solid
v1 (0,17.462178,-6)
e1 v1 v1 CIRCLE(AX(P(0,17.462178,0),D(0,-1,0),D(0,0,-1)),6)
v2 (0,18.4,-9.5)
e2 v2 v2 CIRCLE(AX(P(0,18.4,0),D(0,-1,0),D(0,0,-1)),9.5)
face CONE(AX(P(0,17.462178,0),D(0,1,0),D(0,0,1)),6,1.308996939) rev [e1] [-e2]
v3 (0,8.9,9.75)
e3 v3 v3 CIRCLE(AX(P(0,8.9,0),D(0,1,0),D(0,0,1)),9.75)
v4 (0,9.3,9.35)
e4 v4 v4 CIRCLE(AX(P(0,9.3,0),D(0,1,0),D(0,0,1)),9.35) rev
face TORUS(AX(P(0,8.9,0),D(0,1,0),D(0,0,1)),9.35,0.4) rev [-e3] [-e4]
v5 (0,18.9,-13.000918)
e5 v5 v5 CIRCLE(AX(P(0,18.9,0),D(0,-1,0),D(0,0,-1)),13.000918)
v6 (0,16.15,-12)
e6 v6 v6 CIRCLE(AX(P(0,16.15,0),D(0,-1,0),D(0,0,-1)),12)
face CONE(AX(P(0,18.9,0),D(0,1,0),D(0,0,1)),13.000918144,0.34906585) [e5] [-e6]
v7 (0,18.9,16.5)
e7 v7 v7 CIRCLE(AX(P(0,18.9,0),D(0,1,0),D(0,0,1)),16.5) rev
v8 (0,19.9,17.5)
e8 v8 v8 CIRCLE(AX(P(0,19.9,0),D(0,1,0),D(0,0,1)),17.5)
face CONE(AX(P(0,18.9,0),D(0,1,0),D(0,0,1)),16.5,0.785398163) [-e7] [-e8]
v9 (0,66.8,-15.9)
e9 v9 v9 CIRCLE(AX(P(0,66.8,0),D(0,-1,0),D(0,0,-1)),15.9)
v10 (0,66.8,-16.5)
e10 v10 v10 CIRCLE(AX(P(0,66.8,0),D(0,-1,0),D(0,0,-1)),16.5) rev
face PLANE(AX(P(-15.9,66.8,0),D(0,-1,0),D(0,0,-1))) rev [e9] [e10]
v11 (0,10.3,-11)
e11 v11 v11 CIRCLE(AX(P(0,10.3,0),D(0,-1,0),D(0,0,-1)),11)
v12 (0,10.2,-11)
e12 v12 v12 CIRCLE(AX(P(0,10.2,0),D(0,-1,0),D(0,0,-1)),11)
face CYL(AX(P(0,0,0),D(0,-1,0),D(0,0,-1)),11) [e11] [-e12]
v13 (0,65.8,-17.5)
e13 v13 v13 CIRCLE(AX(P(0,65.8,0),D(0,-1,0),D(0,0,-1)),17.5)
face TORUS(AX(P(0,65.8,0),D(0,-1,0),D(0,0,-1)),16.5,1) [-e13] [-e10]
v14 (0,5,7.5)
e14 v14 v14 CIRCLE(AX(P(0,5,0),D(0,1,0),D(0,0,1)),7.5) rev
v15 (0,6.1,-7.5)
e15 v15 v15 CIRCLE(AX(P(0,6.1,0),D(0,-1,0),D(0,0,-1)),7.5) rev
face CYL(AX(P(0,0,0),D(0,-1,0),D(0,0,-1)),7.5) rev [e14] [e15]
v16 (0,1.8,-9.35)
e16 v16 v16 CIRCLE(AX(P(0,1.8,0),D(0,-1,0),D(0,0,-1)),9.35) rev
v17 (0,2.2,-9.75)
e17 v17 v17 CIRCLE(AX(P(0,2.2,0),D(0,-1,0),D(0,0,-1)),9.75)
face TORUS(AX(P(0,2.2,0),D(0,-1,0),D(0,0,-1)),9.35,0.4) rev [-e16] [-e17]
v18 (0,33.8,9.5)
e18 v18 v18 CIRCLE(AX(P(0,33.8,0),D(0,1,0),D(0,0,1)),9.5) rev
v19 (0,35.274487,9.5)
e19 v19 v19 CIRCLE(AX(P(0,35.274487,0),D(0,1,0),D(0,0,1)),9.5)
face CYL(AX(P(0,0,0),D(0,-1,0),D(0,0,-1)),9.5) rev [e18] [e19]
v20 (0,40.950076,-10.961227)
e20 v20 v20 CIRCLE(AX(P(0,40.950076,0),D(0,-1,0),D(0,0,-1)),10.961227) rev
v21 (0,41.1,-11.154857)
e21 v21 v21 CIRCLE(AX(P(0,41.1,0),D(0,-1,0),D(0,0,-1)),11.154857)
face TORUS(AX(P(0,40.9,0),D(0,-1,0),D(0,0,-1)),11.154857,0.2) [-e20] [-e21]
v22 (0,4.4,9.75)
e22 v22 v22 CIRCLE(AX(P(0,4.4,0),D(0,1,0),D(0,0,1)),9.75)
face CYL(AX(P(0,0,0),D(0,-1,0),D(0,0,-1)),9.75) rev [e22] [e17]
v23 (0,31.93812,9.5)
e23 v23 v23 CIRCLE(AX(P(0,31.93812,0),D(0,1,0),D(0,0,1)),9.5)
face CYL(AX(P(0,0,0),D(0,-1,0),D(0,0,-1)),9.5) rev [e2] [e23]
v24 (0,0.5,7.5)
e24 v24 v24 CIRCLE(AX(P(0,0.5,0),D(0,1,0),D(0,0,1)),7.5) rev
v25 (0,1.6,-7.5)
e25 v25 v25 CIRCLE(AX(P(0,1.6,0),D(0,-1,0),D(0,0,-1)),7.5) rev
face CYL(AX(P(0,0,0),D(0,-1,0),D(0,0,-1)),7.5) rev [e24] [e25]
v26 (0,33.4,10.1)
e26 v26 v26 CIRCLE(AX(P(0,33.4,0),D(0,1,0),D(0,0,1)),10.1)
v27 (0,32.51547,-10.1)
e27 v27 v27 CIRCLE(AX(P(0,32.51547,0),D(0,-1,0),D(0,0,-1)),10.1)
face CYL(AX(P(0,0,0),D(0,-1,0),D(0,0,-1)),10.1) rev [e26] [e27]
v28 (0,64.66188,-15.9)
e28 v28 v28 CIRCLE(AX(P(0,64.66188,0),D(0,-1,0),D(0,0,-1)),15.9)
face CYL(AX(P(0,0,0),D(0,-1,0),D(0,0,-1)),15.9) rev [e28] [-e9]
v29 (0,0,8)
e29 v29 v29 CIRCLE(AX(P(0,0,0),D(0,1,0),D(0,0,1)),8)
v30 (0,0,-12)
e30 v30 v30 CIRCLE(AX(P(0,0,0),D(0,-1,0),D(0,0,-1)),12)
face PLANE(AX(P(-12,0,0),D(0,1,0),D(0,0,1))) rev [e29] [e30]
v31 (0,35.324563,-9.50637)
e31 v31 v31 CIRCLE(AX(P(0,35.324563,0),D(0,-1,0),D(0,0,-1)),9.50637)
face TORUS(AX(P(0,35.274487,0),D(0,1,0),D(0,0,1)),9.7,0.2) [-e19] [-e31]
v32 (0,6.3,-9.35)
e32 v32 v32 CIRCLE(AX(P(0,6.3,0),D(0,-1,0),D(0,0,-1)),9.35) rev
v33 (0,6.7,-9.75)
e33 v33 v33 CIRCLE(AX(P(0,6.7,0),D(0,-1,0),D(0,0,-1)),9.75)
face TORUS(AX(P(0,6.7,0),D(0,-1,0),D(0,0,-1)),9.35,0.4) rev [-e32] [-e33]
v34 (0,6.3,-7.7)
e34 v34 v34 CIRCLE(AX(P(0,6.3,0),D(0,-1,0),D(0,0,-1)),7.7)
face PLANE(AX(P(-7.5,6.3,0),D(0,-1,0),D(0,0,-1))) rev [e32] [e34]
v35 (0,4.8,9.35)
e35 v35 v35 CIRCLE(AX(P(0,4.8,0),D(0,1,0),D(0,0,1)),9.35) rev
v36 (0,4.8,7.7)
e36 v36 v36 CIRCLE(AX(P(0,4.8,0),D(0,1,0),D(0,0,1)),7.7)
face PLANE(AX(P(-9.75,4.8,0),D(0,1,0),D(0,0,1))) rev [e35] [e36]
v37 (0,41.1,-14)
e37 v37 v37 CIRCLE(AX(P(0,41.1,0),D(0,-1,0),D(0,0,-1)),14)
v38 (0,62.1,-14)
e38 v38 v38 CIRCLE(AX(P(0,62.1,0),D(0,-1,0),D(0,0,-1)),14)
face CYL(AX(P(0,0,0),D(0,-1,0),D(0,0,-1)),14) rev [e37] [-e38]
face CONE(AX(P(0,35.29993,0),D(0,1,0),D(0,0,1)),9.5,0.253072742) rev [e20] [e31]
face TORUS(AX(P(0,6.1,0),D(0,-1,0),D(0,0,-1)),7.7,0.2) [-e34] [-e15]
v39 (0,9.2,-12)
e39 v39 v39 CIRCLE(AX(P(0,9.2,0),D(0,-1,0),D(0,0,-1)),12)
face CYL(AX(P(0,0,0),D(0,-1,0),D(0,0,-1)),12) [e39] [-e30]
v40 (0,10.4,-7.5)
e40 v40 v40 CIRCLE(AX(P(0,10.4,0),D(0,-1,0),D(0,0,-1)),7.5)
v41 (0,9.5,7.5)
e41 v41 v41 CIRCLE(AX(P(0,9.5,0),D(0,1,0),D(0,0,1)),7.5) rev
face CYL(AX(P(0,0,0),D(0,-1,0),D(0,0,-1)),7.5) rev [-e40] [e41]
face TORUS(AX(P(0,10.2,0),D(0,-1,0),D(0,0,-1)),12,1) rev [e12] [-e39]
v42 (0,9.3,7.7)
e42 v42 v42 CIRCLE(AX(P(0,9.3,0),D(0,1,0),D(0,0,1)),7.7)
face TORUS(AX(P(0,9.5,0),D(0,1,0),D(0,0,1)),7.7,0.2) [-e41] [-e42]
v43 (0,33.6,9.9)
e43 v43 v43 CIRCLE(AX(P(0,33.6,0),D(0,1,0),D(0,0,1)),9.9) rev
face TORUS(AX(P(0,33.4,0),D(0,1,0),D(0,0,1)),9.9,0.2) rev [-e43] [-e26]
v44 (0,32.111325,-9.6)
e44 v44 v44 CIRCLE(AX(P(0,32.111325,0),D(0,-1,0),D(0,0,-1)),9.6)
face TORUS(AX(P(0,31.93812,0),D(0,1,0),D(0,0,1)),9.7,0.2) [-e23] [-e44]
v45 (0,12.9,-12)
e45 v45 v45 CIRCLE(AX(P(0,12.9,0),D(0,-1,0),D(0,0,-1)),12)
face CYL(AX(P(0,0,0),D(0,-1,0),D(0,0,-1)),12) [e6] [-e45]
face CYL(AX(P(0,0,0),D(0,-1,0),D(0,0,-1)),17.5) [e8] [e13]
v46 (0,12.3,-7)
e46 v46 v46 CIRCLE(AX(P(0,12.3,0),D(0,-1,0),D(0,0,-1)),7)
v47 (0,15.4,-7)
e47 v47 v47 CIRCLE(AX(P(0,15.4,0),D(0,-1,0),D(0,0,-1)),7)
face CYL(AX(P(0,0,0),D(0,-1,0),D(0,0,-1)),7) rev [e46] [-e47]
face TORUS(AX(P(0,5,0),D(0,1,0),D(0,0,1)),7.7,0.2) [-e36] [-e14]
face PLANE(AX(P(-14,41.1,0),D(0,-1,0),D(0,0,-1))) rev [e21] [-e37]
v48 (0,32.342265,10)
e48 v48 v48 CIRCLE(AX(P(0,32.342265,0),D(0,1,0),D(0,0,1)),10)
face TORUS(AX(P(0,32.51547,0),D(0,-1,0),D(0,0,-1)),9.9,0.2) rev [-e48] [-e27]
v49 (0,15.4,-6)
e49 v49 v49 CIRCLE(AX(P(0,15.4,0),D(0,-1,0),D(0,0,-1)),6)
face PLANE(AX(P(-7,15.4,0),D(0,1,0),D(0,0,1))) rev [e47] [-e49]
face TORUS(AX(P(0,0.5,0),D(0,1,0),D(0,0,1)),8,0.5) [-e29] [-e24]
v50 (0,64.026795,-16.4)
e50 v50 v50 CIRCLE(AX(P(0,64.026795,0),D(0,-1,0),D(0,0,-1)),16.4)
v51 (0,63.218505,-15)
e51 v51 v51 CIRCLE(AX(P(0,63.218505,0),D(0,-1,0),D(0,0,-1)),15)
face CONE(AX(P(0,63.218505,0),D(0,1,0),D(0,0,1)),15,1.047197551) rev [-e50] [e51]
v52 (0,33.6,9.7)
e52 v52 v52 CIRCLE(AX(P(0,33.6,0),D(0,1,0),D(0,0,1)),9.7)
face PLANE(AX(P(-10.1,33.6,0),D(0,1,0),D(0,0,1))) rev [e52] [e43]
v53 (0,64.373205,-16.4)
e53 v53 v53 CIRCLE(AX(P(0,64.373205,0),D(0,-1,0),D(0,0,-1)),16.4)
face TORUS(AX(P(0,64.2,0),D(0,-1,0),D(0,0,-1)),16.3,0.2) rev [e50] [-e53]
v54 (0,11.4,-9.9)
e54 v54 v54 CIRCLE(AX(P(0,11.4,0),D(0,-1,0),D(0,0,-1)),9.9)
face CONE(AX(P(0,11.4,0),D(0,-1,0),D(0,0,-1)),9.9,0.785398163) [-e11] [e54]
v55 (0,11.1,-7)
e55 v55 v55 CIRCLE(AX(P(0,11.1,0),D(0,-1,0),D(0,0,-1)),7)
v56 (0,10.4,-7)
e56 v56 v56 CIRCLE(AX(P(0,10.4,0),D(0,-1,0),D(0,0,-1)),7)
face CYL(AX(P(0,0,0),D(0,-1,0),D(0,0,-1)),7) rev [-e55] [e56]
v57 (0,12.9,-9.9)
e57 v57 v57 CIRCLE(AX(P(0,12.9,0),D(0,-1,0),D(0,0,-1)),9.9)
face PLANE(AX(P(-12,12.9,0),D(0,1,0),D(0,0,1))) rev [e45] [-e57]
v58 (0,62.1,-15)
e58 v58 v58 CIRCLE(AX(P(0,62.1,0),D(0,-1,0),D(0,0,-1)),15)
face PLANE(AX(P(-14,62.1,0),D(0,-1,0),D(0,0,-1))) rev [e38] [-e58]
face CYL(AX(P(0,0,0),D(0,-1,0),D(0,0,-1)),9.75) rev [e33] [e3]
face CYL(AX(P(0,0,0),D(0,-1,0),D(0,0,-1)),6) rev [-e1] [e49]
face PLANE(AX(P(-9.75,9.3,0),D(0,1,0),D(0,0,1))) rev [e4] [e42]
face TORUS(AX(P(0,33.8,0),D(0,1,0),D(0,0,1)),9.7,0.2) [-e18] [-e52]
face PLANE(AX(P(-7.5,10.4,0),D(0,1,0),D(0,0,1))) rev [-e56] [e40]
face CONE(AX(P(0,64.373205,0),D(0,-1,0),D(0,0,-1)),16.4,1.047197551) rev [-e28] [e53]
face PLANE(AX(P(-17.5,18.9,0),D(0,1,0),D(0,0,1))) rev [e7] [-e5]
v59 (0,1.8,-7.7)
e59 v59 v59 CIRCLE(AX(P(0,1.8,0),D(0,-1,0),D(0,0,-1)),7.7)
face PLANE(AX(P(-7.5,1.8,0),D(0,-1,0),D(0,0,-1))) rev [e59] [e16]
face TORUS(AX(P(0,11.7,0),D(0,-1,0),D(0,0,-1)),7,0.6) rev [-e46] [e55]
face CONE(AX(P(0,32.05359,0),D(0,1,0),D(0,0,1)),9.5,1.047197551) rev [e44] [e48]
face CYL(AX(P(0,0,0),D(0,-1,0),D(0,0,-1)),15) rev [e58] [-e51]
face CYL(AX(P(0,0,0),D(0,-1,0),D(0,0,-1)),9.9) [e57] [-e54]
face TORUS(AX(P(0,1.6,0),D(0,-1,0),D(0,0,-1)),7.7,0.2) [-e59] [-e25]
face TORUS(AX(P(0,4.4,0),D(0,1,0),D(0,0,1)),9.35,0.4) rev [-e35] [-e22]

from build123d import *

# Parameters (mm, degrees)
CHAMFER_1_SIZE = 1
FILLET_1_R     = 0.5
FILLET_2_R     = 0.2
FILLET_3_R     = 0.4
FILLET_4_R     = 0.2
FILLET_5_R     = 1


with BuildPart() as part:
    # Эскиз1 → Повернуть1 (revolve)
    with BuildSketch(Plane.XY, mode=Mode.PRIVATE) as revolve_1_sk:
        with BuildLine():
            Line((-15.9, 66.8), (-17.5, 66.8))
            Line((-17.5, 66.8), (-17.5, 18.9))
            Line((-17.5, 18.9), (-13.000918144, 18.9))
            Line((-13.000918144, 18.9), (-12, 16.15))
            Line((-12, 16.15), (-12, 12.9))
            Line((-12, 12.9), (-9.9, 12.9))
            Line((-9.9, 12.9), (-9.9, 11.4))
            Line((-9.9, 11.4), (-11, 10.3))
            Line((-11, 10.3), (-11, 10.2))
            ThreePointArc((-11, 10.2), (-11.292893219, 9.492893219), (-12, 9.2))
            Line((-12, 9.2), (-12, 0))
            Line((-12, 0), (-7.5, 0))
            Line((-7.5, 0), (-7.5, 1.8))
            Line((-7.5, 1.8), (-9.75, 1.8))
            Line((-9.75, 1.8), (-9.75, 4.8))
            Line((-9.75, 4.8), (-7.5, 4.8))
            Line((-7.5, 4.8), (-7.5, 6.3))
            Line((-7.5, 6.3), (-9.75, 6.3))
            Line((-9.75, 6.3), (-9.75, 9.3))
            Line((-9.75, 9.3), (-7.5, 9.3))
            Line((-7.5, 9.3), (-7.5, 10.4))
            Line((-7.5, 10.4), (-7, 10.4))
            Line((-7, 10.4), (-7, 11.1))
            ThreePointArc((-7, 11.1), (-7.6, 11.7), (-7, 12.3))
            Line((-7, 12.3), (-7, 15.4))
            Line((-7, 15.4), (-6, 15.4))
            Line((-6, 15.4), (-6, 17.462177826))
            Line((-6, 17.462177826), (-9.5, 18.4))
            Line((-9.5, 18.4), (-9.5, 32.053589838))
            Line((-9.5, 32.053589838), (-10.1, 32.4))
            Line((-10.1, 32.4), (-10.1, 33.6))
            Line((-10.1, 33.6), (-9.5, 33.6))
            Line((-9.5, 33.6), (-9.5, 35.299930358))
            Line((-9.5, 35.299930358), (-11, 41.1))
            Line((-11, 41.1), (-14, 41.1))
            Line((-14, 41.1), (-14, 62.1))
            Line((-14, 62.1), (-15, 62.1))
            Line((-15, 62.1), (-15, 63.218504542))
            Line((-15, 63.218504542), (-16.4, 64.026794919))
            ThreePointArc((-16.4, 64.026794919), (-16.5, 64.2), (-16.4, 64.373205081))
            Line((-16.4, 64.373205081), (-15.9, 64.661880215))
            Line((-15.9, 64.661880215), (-15.9, 66.8))
        make_face()
    revolve(revolve_1_sk.sketch.rotate(Axis((0, 0, 0), (0, 1, 0)), 270), axis=Axis((0, 0, 0), (0, 1, 0)))

    # Фаска1
    chamfer_1_edges = [part.edges().sort_by_distance(p)[0] for p in [
        (0, 18.9, 17.5),
    ]]
    chamfer(chamfer_1_edges, length=CHAMFER_1_SIZE)

    # Скругление1
    fillet_1_edges = [part.edges().sort_by_distance(p)[0] for p in [
        (0, 0, 7.5),
    ]]
    fillet(fillet_1_edges, radius=FILLET_1_R)

    # Скругление2
    fillet_2_edges = [part.edges().sort_by_distance(p)[0] for p in [
        (0, 1.8, 7.5),
        (0, 9.3, 7.5),
        (0, 6.3, 7.5),
        (0, 4.8, 7.5),
    ]]
    fillet(fillet_2_edges, radius=FILLET_2_R)

    # Скругление3
    fillet_3_edges = [part.edges().sort_by_distance(p)[0] for p in [
        (0, 4.8, 9.75),
        (0, 1.8, 9.75),
        (0, 9.3, 9.75),
        (0, 6.3, 9.75),
    ]]
    fillet(fillet_3_edges, radius=FILLET_3_R)

    # Скругление4
    fillet_4_edges = [part.edges().sort_by_distance(p)[0] for p in [
        (0, 41.1, 11),
        (0, 35.299930358, 9.5),
        (0, 33.6, 9.5),
        (0, 33.6, 10.1),
        (0, 32.4, 10.1),
        (0, 32.053589838, 9.5),
    ]]
    fillet(fillet_4_edges, radius=FILLET_4_R)

    # Скругление5
    fillet_5_edges = [part.edges().sort_by_distance(p)[0] for p in [
        (0, 66.8, 17.5),
    ]]
    fillet(fillet_5_edges, radius=FILLET_5_R)


solid = part.part
